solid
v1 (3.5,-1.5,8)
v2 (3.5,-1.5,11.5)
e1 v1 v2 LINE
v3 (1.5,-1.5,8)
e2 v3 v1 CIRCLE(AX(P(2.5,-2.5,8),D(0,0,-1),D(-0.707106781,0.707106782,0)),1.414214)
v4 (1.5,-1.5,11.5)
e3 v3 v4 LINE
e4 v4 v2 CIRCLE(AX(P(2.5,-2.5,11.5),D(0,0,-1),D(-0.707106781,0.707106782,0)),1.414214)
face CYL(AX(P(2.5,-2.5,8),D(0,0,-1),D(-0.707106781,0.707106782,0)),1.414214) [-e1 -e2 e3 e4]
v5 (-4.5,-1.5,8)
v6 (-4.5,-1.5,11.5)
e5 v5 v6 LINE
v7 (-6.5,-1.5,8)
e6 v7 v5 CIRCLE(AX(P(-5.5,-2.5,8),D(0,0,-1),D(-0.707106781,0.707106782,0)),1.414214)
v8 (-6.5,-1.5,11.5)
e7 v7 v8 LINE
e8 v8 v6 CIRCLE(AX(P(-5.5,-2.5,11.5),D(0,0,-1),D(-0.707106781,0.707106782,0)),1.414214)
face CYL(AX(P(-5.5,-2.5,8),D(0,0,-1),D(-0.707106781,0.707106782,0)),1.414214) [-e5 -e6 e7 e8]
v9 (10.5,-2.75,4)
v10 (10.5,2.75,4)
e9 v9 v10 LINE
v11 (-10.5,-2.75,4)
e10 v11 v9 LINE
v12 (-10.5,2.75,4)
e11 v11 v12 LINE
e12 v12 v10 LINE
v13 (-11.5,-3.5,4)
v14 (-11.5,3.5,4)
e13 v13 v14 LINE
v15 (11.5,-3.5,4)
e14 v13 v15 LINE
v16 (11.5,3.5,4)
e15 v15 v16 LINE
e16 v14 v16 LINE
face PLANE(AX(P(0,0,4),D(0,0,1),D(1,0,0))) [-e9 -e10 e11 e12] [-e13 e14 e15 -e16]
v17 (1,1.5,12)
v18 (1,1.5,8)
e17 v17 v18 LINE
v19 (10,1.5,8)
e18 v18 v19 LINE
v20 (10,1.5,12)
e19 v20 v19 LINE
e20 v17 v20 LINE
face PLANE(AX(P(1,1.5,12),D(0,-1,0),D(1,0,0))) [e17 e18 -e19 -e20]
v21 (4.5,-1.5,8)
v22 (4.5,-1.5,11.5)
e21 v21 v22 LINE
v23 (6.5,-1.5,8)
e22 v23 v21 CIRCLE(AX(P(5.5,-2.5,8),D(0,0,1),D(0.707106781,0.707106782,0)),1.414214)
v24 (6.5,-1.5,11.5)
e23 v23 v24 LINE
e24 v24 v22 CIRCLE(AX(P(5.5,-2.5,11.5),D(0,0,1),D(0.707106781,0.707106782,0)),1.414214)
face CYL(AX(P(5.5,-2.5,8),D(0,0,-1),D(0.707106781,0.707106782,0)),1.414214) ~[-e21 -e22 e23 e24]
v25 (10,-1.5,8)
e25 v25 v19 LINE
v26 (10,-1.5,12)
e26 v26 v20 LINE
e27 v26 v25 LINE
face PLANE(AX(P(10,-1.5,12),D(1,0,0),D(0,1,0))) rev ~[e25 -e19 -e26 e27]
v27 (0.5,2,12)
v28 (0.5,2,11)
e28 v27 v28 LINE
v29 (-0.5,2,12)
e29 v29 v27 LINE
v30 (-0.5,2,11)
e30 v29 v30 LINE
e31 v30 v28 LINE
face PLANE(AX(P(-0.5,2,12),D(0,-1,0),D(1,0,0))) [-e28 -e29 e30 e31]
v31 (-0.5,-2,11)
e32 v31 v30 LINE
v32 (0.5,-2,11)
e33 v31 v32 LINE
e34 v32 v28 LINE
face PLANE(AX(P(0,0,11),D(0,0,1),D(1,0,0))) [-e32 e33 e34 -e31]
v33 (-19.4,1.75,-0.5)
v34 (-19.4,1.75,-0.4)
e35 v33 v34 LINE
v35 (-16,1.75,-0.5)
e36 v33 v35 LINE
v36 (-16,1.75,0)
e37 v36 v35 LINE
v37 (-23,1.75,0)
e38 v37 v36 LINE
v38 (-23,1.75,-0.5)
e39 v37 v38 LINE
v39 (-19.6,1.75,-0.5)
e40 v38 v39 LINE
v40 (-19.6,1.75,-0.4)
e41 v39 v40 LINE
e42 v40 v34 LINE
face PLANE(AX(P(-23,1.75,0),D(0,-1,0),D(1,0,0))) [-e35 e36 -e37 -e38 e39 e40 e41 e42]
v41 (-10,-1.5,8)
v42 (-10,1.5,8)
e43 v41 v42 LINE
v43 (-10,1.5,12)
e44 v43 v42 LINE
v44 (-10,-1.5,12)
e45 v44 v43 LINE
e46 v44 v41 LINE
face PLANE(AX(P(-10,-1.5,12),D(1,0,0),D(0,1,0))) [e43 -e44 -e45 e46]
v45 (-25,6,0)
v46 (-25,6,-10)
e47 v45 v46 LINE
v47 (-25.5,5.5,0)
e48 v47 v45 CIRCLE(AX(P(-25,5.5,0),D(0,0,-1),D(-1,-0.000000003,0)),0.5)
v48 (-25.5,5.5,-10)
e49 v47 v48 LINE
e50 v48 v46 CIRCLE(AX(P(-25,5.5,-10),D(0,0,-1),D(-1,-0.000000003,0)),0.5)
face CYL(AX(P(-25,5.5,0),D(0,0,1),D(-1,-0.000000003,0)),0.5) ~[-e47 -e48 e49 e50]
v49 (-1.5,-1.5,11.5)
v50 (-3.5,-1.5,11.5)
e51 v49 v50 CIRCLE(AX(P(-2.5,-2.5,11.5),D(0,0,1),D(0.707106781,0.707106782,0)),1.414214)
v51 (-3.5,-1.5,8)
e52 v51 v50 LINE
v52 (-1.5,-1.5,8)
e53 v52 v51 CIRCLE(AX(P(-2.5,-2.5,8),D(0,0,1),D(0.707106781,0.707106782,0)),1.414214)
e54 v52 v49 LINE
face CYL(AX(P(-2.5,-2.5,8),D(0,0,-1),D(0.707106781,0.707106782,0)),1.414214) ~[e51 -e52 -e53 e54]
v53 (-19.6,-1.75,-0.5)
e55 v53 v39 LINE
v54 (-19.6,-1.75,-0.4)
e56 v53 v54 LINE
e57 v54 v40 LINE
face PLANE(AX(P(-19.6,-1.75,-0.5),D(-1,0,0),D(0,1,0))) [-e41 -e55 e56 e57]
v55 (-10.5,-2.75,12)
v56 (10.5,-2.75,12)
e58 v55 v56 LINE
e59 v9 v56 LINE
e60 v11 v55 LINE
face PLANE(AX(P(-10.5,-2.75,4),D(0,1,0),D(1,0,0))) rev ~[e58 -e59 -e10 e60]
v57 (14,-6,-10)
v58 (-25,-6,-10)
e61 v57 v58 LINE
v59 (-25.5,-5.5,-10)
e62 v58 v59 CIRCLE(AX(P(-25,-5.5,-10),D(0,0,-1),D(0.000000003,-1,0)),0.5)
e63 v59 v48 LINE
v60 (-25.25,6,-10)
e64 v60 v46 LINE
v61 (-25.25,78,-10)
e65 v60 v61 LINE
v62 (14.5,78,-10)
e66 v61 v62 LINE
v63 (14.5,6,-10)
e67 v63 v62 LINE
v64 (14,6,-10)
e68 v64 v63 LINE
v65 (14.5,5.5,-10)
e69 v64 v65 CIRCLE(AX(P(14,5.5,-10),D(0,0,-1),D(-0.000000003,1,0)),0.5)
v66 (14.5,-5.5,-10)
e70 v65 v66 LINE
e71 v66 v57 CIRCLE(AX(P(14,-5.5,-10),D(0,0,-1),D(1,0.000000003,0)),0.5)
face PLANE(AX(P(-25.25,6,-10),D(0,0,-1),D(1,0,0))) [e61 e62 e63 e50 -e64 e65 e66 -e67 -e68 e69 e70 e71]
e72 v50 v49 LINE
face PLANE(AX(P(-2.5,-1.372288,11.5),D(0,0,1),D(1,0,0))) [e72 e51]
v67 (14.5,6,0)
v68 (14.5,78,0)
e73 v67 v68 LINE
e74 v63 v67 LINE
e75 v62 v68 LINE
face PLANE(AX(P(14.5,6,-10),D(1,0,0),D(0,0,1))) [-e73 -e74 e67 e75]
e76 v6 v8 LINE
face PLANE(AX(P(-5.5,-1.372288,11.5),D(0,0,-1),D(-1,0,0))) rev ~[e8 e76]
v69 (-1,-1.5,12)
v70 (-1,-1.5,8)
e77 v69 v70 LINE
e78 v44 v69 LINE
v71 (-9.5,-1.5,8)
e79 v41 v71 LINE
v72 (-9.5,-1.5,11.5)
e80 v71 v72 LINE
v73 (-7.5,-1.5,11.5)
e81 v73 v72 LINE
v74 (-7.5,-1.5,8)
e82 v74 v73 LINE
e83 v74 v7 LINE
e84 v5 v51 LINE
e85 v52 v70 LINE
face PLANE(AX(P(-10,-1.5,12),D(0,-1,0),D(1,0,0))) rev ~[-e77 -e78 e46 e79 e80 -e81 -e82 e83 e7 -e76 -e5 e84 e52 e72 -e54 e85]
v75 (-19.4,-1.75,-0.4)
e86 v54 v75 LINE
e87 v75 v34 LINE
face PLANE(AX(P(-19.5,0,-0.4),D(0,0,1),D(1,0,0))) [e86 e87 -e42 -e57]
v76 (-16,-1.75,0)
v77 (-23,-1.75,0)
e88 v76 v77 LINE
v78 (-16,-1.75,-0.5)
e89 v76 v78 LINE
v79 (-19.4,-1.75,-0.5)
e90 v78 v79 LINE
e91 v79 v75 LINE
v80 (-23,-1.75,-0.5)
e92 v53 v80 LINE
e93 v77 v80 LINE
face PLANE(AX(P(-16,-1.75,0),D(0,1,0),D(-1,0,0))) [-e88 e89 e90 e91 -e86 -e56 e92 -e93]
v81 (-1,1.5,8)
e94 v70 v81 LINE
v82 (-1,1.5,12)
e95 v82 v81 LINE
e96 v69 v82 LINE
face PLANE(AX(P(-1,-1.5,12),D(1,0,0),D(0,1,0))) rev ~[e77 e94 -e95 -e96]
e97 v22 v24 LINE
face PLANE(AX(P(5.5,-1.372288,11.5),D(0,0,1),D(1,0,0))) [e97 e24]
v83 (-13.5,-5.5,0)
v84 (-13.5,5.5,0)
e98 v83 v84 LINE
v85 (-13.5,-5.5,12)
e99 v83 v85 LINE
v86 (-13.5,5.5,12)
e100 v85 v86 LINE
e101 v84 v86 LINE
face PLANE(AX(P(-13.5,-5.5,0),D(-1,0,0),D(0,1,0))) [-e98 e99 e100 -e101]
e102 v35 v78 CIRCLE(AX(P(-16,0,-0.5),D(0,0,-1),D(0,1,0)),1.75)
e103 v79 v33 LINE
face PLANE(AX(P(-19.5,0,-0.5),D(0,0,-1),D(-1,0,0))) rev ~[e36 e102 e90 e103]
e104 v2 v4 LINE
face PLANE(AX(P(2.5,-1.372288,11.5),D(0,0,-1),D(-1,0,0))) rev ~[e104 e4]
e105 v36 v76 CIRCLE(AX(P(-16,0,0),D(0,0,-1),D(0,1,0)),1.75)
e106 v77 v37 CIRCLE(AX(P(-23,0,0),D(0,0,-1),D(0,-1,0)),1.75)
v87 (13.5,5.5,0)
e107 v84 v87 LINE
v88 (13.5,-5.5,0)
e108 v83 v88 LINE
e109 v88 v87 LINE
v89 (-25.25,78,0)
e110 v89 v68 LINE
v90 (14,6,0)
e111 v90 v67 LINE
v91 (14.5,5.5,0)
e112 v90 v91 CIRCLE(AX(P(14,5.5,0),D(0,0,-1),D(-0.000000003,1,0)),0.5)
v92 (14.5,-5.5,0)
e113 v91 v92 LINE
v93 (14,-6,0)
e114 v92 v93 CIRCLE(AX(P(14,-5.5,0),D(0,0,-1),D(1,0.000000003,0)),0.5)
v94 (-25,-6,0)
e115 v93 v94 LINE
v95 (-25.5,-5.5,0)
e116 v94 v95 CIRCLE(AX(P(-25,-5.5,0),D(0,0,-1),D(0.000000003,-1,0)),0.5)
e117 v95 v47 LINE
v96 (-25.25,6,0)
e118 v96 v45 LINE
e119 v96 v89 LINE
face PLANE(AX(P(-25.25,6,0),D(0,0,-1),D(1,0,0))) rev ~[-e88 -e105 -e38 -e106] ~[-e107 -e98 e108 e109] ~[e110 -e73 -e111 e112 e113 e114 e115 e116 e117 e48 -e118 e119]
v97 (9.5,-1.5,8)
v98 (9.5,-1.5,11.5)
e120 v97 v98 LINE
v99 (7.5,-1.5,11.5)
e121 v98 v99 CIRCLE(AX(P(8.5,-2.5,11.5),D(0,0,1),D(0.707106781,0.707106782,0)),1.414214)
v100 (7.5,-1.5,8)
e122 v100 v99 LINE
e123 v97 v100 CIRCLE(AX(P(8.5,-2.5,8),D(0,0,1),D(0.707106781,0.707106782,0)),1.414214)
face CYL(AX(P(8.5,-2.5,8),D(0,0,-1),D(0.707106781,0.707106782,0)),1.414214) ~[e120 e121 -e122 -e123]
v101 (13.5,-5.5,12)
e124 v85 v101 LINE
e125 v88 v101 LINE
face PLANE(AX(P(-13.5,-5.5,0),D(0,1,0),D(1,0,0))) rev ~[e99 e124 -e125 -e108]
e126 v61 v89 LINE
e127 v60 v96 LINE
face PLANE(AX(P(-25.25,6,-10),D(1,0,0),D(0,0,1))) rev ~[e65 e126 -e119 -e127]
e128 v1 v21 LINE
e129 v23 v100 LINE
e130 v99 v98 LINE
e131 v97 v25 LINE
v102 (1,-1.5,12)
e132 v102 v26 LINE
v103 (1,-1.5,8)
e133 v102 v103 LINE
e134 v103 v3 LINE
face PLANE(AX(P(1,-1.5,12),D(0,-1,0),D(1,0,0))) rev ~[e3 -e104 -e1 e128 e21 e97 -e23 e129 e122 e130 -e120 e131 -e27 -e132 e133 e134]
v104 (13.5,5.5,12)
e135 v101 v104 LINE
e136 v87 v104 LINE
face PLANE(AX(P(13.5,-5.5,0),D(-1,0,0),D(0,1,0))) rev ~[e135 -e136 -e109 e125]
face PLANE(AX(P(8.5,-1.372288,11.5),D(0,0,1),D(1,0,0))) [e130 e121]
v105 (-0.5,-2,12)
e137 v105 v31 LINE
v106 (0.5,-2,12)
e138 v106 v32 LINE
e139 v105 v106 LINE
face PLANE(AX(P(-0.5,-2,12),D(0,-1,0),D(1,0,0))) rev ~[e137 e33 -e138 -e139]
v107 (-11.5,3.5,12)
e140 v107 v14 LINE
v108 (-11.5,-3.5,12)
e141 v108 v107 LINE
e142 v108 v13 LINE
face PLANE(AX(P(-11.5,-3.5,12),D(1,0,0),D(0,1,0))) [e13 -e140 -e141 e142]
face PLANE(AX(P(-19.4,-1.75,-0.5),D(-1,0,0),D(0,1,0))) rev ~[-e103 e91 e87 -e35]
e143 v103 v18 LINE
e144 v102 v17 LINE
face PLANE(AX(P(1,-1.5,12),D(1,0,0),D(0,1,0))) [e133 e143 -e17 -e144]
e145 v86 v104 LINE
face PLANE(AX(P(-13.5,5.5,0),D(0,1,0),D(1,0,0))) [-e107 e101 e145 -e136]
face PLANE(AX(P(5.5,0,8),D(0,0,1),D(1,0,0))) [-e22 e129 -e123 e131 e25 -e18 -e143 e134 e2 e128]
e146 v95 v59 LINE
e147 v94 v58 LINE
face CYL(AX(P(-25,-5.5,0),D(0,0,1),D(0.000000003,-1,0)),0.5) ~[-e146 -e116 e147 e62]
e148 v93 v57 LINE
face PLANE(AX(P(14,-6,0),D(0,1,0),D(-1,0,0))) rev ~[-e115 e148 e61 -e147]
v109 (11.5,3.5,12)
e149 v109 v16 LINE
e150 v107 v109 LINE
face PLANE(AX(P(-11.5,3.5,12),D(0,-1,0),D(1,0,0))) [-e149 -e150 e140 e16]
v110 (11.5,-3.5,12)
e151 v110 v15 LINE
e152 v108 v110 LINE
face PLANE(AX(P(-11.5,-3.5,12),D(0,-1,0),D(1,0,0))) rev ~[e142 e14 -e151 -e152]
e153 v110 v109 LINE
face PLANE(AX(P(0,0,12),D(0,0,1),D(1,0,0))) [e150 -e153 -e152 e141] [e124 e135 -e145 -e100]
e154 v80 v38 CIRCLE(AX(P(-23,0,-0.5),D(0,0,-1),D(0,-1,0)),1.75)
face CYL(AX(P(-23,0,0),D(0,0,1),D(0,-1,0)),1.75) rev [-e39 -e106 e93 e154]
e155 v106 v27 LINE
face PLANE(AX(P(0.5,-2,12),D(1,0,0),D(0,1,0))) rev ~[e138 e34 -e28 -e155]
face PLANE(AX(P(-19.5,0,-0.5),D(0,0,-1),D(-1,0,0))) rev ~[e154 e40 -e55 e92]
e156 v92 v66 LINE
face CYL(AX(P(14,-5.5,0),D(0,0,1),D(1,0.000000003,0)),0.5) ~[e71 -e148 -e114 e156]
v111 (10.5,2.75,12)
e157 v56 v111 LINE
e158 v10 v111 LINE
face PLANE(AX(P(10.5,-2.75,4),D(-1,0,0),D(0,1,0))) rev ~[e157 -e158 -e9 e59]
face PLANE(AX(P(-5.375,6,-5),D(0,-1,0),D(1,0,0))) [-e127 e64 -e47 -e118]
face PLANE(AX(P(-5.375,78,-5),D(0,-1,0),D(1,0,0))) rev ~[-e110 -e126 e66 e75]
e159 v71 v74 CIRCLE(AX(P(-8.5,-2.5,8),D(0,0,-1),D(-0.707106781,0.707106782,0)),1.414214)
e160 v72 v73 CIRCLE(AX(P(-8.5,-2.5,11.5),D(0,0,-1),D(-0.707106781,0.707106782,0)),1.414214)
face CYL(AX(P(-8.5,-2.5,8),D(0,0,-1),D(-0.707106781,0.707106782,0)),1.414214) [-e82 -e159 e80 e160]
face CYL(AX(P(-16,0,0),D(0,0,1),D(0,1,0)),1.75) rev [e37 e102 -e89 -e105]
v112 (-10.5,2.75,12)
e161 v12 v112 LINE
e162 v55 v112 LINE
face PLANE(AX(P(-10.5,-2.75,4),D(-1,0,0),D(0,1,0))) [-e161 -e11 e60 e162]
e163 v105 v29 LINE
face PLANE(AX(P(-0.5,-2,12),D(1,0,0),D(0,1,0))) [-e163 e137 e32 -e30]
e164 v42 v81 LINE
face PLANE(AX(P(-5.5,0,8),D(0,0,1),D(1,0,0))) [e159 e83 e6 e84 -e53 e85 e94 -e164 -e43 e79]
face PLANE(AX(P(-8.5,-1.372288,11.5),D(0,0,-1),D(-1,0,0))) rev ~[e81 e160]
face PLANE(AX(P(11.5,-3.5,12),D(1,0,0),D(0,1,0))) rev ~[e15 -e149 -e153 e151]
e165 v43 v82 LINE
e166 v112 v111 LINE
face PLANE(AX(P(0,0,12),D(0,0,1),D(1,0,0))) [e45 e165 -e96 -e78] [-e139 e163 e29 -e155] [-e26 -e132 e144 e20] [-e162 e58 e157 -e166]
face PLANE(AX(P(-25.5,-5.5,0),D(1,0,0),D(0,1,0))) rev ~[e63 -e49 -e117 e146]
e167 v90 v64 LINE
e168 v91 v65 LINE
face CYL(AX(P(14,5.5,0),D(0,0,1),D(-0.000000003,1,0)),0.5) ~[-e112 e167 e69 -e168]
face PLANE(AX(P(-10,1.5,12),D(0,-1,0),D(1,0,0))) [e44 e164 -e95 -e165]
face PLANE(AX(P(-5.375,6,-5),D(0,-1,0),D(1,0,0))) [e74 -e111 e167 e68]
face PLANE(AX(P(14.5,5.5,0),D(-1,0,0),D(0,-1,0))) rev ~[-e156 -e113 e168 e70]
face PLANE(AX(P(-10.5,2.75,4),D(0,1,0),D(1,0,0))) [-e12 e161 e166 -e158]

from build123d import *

# Parameters (mm, degrees)
SKETCH_1_W          = 27
SKETCH_1_H          = 11
EXTRUDE_1_DEPTH     = 12
SKETCH_2_W          = 23
SKETCH_2_H          = 7
CUT_EXTRUDE_1_DEPTH = 8
SKETCH_3_W          = 21
SKETCH_3_H          = 5.5
EXTRUDE_2_DEPTH     = 8
SKETCH_4_W          = 9
SKETCH_4_H          = 3
CUT_EXTRUDE_2_DEPTH = 4
SKETCH_5_W          = 1
SKETCH_5_H          = 4
CUT_EXTRUDE_3_DEPTH = 1
EXTRUDE_3_DEPTH     = 3.5
EXTRUDE_4_DEPTH     = 10
CUT_EXTRUDE_4_DEPTH = 0.5
SKETCH_9_W          = 0.2
SKETCH_9_H          = 3.5
EXTRUDE_5_DEPTH     = 0.1
SKETCH_10_W         = 39.75
SKETCH_10_H         = 10
EXTRUDE_6_DEPTH     = 72


with BuildPart() as part:
    # 草图1 → 凸台-拉伸1 (new body)
    with BuildSketch(Plane.XY):
        Rectangle(SKETCH_1_W, SKETCH_1_H)
    extrude(amount=EXTRUDE_1_DEPTH)

    # 草图2 → 切除-拉伸1 (cut)
    with BuildSketch(Plane.XY.offset(12)):
        Rectangle(SKETCH_2_W, SKETCH_2_H)
    extrude(amount=-CUT_EXTRUDE_1_DEPTH, mode=Mode.SUBTRACT)

    # 草图3 → 凸台-拉伸2 (add)
    with BuildSketch(Plane.XY.offset(4)):
        Rectangle(SKETCH_3_W, SKETCH_3_H)
    extrude(amount=EXTRUDE_2_DEPTH)

    # 草图4 → 切除-拉伸2 (cut)
    with BuildSketch(Plane.XY.offset(12)):
        with Locations((5.5, 0)):
            Rectangle(SKETCH_4_W, SKETCH_4_H)
        with Locations((-5.5, 0)):
            Rectangle(SKETCH_4_W, SKETCH_4_H)
    extrude(amount=-CUT_EXTRUDE_2_DEPTH, mode=Mode.SUBTRACT)

    # 草图5 → 切除-拉伸3 (cut)
    with BuildSketch(Plane.XY.offset(12)):
        Rectangle(SKETCH_5_W, SKETCH_5_H)
    extrude(amount=-CUT_EXTRUDE_3_DEPTH, mode=Mode.SUBTRACT)

    # 草图6 → 凸台-拉伸3 (add)
    with BuildSketch(Plane.XY.offset(8)):
        with BuildLine():
            Line((-7.5, -1.5), (-9.5, -1.5))
            ThreePointArc((-9.5, -1.5), (-8.5, -1.085786438), (-7.5, -1.5))
        make_face()
        with BuildLine():
            Line((-4.5, -1.5), (-6.5, -1.5))
            ThreePointArc((-6.5, -1.5), (-5.5, -1.085786438), (-4.5, -1.5))
        make_face()
        with BuildLine():
            Line((-3.5, -1.5), (-1.5, -1.5))
            ThreePointArc((-1.5, -1.5), (-2.5, -1.085786438), (-3.5, -1.5))
        make_face()
        with BuildLine():
            Line((3.5, -1.5), (1.5, -1.5))
            ThreePointArc((1.5, -1.5), (2.5, -1.085786438), (3.5, -1.5))
        make_face()
        with BuildLine():
            Line((4.5, -1.5), (6.5, -1.5))
            ThreePointArc((6.5, -1.5), (5.5, -1.085786438), (4.5, -1.5))
        make_face()
        with BuildLine():
            Line((7.5, -1.5), (9.5, -1.5))
            ThreePointArc((9.5, -1.5), (8.5, -1.085786438), (7.5, -1.5))
        make_face()
    extrude(amount=EXTRUDE_3_DEPTH)

    # 草图7 → 凸台-拉伸4 (add)
    with BuildSketch(Plane(origin=(0, 0, 0), x_dir=(-1, 0, 0), z_dir=(0, 0, -1))):
        with BuildLine():
            Line((-14, -6), (25, -6))
            ThreePointArc((25, -6), (25.353553391, -5.853553391), (25.5, -5.5))
            Line((25.5, -5.5), (25.5, 5.5))
            ThreePointArc((25.5, 5.5), (25.353553391, 5.853553391), (25, 6))
            Line((25, 6), (-14, 6))
            ThreePointArc((-14, 6), (-14.353553391, 5.853553391), (-14.5, 5.5))
            Line((-14.5, 5.5), (-14.5, -5.5))
            ThreePointArc((-14.5, -5.5), (-14.353553391, -5.853553391), (-14, -6))
        make_face()
    extrude(amount=EXTRUDE_4_DEPTH)

    # 草图8 → 切除-拉伸4 (cut)
    with BuildSketch(Plane.XY):
        with BuildLine():
            Line((-23, 1.75), (-16, 1.75))
            ThreePointArc((-16, 1.75), (-14.25, 0), (-16, -1.75))
            Line((-16, -1.75), (-23, -1.75))
            ThreePointArc((-23, -1.75), (-24.75, 0), (-23, 1.75))
        make_face()
    extrude(amount=-CUT_EXTRUDE_4_DEPTH, mode=Mode.SUBTRACT)

    # 草图9 → 凸台-拉伸5 (add)
    with BuildSketch(Plane.XY.offset(-0.5)):
        with Locations((-19.5, 0)):
            Rectangle(SKETCH_9_W, SKETCH_9_H)
    extrude(amount=EXTRUDE_5_DEPTH)

    # 草图10 → 凸台-拉伸6 (add)
    with BuildSketch(Plane.XZ.offset(-6)):
        with Locations((-5.375, -5)):
            Rectangle(SKETCH_10_W, SKETCH_10_H)
    extrude(amount=-EXTRUDE_6_DEPTH)


solid = part.part
